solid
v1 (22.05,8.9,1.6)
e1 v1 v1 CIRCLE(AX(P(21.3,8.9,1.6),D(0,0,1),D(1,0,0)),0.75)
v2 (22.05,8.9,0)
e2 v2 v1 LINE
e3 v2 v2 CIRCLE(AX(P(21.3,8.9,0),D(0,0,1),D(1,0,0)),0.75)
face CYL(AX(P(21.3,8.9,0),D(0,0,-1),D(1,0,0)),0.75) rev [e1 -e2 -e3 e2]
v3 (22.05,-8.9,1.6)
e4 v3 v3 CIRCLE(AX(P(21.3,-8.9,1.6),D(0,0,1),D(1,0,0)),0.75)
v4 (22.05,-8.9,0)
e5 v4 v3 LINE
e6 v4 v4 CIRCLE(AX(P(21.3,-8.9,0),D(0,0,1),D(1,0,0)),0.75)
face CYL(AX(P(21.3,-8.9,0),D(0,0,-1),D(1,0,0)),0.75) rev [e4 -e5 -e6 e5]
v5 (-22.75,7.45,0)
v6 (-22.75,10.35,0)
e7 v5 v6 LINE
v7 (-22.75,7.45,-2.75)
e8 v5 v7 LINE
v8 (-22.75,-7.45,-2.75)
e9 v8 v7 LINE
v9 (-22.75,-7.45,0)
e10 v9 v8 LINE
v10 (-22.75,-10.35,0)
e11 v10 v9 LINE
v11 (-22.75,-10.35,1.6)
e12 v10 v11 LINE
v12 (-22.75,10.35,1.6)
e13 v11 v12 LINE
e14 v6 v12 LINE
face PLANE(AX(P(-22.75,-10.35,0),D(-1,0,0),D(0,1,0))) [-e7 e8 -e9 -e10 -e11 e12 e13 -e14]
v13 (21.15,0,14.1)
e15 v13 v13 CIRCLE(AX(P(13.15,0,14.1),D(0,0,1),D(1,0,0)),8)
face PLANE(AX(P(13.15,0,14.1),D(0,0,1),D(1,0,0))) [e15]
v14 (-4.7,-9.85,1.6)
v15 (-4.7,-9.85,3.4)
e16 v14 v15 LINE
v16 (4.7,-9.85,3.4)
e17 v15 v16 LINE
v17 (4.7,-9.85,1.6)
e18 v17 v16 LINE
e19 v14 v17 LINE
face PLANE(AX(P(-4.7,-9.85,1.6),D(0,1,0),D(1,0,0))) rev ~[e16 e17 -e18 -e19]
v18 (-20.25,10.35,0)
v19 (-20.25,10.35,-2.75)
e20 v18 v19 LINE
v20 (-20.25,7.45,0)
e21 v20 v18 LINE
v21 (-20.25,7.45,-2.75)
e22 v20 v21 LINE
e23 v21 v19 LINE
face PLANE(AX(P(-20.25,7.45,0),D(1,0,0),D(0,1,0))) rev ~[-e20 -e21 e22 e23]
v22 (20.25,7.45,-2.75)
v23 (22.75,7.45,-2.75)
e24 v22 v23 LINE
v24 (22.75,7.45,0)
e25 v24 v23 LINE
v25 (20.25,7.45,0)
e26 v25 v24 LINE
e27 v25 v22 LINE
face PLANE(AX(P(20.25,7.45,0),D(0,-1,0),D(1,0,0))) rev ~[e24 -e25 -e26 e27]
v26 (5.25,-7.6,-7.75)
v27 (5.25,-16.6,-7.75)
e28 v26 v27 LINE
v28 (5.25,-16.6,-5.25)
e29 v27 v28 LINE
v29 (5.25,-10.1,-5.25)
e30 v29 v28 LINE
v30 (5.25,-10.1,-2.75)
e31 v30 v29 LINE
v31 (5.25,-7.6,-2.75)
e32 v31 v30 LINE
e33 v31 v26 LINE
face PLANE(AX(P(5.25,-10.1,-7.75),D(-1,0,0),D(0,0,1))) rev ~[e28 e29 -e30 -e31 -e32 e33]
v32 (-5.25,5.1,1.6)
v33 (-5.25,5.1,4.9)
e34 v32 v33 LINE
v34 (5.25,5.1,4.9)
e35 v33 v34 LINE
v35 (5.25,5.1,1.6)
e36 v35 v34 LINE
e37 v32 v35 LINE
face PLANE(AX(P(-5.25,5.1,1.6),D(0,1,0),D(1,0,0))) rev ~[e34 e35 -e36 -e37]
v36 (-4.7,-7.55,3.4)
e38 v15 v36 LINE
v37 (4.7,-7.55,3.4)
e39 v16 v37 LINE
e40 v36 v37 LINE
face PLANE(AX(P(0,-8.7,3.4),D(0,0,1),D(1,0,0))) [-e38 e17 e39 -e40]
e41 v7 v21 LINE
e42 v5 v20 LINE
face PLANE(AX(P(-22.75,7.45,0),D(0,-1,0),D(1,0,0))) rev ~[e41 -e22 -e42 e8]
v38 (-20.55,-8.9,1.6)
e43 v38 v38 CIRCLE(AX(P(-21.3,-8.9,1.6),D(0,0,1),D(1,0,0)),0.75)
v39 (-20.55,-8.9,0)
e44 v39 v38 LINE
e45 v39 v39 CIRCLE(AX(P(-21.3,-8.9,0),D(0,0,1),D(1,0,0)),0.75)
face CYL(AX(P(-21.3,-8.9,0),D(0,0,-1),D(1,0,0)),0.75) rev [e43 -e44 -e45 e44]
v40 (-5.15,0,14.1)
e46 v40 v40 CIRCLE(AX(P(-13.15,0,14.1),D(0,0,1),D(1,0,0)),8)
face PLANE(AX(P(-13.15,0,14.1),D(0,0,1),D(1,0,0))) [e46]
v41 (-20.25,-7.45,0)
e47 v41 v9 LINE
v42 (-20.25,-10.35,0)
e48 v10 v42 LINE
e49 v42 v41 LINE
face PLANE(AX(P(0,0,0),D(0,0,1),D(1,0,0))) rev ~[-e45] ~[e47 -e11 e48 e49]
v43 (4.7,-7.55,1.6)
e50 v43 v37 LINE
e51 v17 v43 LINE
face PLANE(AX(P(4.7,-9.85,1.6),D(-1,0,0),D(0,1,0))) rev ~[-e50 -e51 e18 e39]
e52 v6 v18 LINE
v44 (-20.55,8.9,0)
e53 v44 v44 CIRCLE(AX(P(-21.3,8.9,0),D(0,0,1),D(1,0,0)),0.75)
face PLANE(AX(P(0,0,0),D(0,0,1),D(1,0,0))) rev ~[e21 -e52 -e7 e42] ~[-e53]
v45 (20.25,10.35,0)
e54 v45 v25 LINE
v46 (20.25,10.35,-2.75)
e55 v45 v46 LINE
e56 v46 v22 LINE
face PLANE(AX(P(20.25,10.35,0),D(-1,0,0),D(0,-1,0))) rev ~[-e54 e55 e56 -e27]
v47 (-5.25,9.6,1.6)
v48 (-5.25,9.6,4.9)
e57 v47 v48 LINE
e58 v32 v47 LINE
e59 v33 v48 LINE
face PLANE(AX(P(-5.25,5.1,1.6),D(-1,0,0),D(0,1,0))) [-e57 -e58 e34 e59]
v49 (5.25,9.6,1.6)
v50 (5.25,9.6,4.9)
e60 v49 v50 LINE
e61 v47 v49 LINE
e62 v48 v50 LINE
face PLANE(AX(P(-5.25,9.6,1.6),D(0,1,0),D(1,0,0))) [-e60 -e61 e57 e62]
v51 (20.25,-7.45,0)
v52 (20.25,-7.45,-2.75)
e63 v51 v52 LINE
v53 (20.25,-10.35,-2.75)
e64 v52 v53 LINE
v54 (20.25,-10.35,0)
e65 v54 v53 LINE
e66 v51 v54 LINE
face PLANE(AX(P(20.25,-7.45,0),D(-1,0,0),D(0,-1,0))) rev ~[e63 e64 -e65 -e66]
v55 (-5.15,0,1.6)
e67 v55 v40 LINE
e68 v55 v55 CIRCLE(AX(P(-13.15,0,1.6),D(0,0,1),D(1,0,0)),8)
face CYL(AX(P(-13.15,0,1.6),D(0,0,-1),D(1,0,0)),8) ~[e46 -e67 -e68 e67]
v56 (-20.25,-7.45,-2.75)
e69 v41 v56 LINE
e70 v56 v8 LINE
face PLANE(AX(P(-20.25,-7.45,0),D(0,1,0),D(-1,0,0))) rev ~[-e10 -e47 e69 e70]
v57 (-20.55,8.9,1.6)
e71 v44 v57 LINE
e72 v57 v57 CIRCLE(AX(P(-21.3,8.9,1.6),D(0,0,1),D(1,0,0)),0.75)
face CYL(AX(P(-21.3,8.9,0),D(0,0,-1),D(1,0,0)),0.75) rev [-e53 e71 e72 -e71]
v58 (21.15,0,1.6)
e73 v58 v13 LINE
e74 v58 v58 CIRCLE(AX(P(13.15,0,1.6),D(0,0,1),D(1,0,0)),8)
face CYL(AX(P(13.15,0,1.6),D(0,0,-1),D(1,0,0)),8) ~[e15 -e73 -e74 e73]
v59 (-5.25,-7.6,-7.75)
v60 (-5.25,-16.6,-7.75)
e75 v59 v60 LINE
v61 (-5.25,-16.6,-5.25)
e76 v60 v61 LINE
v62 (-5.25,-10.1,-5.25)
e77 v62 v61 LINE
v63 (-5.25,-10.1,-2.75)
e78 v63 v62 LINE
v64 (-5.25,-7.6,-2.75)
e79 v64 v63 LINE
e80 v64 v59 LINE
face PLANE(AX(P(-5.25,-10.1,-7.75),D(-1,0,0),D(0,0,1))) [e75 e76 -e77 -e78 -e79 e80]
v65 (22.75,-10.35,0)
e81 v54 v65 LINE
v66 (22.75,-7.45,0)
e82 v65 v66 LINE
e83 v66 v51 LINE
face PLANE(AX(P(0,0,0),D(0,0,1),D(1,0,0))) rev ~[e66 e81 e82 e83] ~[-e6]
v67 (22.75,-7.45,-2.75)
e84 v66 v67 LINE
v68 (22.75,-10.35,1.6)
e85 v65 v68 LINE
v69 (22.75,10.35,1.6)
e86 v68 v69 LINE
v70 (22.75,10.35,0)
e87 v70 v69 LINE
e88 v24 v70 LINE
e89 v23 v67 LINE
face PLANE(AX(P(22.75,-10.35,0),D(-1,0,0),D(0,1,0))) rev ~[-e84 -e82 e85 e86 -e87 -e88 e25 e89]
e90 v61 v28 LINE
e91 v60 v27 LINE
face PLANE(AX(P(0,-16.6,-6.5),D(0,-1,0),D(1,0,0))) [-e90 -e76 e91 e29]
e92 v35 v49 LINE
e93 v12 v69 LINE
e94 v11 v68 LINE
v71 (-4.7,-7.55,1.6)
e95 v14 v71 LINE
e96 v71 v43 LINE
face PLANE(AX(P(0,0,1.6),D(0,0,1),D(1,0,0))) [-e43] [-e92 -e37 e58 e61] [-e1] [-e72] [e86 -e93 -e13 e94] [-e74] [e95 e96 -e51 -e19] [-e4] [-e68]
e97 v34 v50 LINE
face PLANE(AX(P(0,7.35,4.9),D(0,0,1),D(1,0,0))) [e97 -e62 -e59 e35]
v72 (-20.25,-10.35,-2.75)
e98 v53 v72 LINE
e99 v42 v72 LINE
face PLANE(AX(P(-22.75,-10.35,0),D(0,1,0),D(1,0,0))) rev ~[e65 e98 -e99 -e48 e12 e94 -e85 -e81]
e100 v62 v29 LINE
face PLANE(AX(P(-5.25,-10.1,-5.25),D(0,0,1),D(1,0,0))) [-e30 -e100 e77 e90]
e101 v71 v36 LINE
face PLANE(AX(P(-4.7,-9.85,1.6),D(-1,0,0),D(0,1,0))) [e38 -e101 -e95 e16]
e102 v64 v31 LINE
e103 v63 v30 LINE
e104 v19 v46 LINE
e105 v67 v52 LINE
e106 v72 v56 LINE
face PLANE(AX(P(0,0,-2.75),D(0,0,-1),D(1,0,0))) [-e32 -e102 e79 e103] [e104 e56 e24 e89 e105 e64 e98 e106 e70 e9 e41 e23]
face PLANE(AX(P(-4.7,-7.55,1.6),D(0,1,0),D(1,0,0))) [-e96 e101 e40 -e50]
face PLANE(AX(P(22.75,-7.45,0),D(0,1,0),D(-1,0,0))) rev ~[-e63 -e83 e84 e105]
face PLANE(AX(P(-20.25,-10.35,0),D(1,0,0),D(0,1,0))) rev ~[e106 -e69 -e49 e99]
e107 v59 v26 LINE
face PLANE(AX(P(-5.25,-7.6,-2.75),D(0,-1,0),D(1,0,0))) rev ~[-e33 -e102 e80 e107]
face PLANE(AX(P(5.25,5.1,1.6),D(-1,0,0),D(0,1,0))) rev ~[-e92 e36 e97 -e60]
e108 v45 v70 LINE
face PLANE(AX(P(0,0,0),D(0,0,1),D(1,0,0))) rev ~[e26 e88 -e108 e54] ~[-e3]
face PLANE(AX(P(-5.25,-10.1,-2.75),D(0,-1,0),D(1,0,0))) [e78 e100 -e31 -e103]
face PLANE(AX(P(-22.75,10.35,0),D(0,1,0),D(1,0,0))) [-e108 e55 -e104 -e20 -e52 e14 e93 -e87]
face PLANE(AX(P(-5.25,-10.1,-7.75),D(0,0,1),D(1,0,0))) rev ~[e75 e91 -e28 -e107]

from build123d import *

# Parameters (mm, degrees)
F0_W      = 45.5
F0_H      = 20.7
F0_R      = 0.75
F1_DEPTH  = 1.6
F2_R      = 8
F3_DEPTH  = 12.5
F2_W      = 10.5
F2_H      = 4.5
F4_DEPTH  = 3.3
F2_W_2    = 9.4
F2_H_2    = 2.3
F5_DEPTH  = 1.8
F7_DEPTH  = 2.75
F8_W      = 10.5
F8_H      = 2.5
F9_DEPTH  = 5
F10_W     = 10.5
F10_H     = 2.5
F11_DEPTH = 6.5


with BuildPart() as f1:
    # F0 (on Top) → F1 (new body)
    with BuildSketch(Plane.XY):
        Rectangle(F0_W, F0_H)
        with Locations((-21.3, -8.9)):
            Circle(F0_R, mode=Mode.SUBTRACT)
        with Locations((21.3, -8.9)):
            Circle(F0_R, mode=Mode.SUBTRACT)
        with Locations((-21.3, 8.9)):
            Circle(F0_R, mode=Mode.SUBTRACT)
        with Locations((21.3, 8.9)):
            Circle(F0_R, mode=Mode.SUBTRACT)
    extrude(amount=F1_DEPTH)

    # F2 (on face) → F3 (join)
    with BuildSketch(Plane.XY.offset(1.6)):
        with Locations((-13.15, 0)):
            Circle(F2_R)
        with Locations((13.15, 0)):
            Circle(F2_R)
    extrude(amount=F3_DEPTH)

    # F2 (on face) → F4 (join)
    with BuildSketch(Plane.XY.offset(1.6)):
        with Locations((0, 7.35)):
            Rectangle(F2_W, F2_H)
    extrude(amount=F4_DEPTH)

    # F2 (on face) → F5 (join)
    with BuildSketch(Plane.XY.offset(1.6)):
        with Locations((0, -8.7)):
            Rectangle(F2_W_2, F2_H_2)
    extrude(amount=F5_DEPTH)

    # F6 (on face) → F7 (join)
    with BuildSketch(Plane(origin=(0, 0, 0), x_dir=(1, 0, 0), z_dir=(0, 0, -1))):
        Polygon((-20.25, -7.45), (-20.25, -10.35), (20.25, -10.35), (20.25, -7.45), (22.75, -7.45), (22.75, 7.45), (20.25, 7.45), (20.25, 10.35), (-20.25, 10.35), (-20.25, 7.45), (-22.75, 7.45), (-22.75, -7.45), align=None)
    extrude(amount=F7_DEPTH)

    # F8 (on face) → F9 (join)
    with BuildSketch(Plane(origin=(0, 0, -2.75), x_dir=(1, 0, 0), z_dir=(0, 0, -1))):
        with Locations((0, 8.85)):
            Rectangle(F8_W, F8_H)
    extrude(amount=F9_DEPTH)

    # F10 (on face) → F11 (join)
    with BuildSketch(Plane.XZ.offset(10.1)):
        with Locations((0, -6.5)):
            Rectangle(F10_W, F10_H)
    extrude(amount=F11_DEPTH)


solid = f1.part
